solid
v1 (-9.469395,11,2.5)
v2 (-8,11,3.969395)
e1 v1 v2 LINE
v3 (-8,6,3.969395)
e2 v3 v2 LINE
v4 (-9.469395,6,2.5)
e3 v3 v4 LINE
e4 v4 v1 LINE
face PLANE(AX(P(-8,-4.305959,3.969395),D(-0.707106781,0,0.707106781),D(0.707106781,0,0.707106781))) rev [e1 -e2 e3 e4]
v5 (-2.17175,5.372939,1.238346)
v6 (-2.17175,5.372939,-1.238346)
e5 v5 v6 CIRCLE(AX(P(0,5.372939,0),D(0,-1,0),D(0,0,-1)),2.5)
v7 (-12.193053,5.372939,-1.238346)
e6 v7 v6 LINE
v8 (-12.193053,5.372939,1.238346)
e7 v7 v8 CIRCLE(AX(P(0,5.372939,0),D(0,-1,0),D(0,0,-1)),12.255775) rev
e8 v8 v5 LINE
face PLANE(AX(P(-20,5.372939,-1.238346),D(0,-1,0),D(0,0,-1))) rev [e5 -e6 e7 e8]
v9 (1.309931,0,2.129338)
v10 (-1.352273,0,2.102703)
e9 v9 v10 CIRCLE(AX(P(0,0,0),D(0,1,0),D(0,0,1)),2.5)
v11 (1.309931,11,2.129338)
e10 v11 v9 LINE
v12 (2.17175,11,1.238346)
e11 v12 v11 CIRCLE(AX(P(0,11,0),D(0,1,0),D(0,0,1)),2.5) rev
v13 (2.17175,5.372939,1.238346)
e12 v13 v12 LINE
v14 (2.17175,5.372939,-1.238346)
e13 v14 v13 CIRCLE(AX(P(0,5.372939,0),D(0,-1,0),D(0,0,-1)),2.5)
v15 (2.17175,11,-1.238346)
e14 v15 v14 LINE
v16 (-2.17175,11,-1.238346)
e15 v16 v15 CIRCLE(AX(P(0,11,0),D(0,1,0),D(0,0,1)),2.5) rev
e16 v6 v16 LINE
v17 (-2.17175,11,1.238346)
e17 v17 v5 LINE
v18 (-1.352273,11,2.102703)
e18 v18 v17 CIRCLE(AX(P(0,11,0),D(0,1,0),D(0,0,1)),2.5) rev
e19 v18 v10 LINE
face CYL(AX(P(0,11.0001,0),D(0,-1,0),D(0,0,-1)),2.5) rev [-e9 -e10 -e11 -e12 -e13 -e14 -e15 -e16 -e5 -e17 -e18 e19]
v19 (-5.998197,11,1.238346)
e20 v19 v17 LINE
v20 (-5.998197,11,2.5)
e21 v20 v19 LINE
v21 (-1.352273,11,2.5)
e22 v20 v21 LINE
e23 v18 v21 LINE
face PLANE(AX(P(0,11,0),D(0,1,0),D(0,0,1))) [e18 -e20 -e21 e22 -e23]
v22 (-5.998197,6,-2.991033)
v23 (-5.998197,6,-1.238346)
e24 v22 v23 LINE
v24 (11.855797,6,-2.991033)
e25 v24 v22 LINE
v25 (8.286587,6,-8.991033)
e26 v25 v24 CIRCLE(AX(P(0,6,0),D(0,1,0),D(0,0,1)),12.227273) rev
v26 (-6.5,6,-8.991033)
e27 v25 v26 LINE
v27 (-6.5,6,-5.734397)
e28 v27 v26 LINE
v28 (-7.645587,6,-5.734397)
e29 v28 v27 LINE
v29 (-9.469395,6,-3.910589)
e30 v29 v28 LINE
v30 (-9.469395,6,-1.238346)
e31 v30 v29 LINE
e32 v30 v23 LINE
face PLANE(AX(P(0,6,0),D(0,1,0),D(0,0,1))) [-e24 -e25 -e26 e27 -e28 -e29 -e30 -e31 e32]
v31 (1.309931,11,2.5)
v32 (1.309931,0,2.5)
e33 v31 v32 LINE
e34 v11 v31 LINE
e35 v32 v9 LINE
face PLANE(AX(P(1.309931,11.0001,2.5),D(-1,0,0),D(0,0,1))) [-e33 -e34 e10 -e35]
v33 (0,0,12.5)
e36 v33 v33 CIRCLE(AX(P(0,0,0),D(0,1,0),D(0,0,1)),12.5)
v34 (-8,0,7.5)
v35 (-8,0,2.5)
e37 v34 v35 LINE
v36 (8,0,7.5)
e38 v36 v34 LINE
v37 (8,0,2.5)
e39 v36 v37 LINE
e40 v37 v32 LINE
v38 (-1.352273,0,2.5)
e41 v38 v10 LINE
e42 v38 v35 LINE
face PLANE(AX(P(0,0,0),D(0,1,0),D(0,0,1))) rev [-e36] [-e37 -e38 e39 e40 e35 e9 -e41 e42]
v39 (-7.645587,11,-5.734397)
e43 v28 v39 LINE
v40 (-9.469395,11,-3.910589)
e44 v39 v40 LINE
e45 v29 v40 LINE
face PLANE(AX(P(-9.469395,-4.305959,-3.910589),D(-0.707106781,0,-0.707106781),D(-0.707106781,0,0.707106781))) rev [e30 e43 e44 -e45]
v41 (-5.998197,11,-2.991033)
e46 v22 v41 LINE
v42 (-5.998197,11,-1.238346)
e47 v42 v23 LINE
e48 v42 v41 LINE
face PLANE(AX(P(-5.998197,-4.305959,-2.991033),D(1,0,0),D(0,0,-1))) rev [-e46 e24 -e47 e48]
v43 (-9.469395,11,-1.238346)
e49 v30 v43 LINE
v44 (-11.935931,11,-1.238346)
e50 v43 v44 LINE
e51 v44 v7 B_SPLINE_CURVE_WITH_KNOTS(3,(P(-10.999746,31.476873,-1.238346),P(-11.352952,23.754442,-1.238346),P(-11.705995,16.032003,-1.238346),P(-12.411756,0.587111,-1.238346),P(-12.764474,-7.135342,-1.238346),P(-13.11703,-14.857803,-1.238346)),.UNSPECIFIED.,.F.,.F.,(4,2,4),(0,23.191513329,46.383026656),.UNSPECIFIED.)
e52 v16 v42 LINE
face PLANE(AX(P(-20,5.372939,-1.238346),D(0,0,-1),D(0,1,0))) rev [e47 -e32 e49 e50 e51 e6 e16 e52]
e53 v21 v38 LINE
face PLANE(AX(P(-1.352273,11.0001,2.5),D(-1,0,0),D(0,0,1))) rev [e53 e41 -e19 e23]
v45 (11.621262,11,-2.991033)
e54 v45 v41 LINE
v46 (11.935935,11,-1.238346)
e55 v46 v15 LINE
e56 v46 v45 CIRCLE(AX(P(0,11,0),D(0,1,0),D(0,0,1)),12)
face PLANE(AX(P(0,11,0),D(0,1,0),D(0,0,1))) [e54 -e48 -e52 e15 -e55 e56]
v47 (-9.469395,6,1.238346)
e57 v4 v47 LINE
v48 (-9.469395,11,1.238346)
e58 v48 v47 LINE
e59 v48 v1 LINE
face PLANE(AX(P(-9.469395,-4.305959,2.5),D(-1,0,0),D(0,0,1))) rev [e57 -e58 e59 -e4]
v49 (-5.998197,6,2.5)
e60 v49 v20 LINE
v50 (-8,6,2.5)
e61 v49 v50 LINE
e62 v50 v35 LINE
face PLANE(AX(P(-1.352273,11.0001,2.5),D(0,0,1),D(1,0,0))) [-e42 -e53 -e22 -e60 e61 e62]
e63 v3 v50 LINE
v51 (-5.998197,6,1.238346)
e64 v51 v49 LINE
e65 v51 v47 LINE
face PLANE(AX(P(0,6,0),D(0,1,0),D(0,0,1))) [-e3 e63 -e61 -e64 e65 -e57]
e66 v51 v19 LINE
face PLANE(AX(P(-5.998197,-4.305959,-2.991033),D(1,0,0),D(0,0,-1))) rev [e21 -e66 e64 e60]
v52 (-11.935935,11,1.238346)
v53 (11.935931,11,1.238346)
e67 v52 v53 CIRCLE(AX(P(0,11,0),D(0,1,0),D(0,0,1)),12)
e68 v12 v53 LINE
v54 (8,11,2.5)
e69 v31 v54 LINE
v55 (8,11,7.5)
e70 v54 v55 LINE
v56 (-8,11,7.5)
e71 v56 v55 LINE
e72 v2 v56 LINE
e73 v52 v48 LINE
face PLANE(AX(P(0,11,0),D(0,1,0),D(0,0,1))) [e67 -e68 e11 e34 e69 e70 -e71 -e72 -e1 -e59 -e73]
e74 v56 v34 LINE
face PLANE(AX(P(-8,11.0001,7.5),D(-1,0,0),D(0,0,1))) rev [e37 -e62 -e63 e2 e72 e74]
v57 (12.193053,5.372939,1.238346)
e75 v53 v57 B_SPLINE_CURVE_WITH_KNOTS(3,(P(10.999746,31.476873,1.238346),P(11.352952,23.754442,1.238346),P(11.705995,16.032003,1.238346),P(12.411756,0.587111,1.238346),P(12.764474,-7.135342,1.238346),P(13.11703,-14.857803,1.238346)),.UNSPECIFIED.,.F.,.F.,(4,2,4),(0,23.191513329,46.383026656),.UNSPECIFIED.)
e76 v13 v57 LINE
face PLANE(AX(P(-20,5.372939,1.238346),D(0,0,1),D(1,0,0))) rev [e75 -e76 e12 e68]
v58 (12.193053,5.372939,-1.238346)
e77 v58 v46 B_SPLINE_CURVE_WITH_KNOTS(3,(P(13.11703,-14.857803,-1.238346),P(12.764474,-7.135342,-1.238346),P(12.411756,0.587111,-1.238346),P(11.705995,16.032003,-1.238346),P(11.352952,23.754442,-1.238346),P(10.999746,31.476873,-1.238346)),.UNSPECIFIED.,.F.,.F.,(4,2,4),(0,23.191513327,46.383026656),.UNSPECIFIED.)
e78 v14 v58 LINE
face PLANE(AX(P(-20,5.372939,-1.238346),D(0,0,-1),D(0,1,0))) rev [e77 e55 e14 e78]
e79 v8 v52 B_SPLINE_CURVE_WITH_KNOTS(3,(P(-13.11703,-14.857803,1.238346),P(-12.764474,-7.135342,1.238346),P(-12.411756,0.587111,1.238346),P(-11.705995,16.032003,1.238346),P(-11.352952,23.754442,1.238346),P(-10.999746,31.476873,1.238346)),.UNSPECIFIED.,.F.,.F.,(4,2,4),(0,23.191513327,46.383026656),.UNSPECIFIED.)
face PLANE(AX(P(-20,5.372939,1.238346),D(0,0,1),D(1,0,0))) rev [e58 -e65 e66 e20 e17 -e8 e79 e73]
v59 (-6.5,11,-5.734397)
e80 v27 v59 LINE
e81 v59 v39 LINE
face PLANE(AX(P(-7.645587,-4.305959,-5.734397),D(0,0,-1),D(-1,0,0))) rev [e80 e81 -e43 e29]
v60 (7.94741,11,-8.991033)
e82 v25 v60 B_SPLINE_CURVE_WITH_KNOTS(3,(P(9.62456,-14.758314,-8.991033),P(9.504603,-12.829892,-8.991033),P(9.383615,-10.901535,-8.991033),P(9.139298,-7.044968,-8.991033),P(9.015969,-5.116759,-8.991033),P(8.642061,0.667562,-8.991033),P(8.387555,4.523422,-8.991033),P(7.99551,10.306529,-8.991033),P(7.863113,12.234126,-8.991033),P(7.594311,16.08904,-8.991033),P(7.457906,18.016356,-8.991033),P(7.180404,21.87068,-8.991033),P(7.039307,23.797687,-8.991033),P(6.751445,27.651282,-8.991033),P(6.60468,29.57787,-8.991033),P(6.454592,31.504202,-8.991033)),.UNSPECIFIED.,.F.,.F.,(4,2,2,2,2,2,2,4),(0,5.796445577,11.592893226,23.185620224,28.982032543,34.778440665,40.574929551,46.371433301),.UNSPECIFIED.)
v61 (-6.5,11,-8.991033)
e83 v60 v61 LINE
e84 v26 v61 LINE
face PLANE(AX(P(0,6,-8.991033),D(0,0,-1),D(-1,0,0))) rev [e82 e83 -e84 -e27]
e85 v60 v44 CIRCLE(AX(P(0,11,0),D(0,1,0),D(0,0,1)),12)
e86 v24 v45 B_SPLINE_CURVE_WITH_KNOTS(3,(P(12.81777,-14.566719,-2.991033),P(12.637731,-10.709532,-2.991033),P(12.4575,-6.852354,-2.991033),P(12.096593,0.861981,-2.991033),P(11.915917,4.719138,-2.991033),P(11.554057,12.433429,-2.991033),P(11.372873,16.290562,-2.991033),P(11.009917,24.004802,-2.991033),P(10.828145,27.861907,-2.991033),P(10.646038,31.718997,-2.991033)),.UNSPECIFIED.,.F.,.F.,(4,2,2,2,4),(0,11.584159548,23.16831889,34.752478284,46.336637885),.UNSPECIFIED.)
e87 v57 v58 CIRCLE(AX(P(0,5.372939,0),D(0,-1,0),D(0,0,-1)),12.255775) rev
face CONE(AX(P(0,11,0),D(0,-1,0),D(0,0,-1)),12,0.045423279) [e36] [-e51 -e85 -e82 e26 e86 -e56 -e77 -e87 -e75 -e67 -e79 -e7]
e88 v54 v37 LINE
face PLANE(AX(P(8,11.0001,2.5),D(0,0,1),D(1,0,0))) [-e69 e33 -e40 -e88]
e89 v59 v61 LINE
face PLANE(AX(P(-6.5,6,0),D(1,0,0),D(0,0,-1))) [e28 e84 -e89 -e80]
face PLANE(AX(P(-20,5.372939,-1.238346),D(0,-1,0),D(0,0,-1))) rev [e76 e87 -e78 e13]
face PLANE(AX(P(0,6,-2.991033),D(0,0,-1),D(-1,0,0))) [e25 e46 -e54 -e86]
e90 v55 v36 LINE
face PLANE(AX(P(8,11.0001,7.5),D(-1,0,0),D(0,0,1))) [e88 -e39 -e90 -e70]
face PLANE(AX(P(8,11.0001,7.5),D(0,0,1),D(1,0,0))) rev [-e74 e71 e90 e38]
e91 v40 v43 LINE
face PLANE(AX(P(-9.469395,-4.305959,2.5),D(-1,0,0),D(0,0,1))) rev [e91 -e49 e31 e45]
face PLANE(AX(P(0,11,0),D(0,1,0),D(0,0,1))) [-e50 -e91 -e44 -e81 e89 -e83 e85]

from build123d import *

# Parameters (mm, degrees)
SKETCH_2_R          = 12
SKETCH_1_R          = 12.5
CUT_EXTRUDE_1_DEPTH = 12.0000001
SKETCH_5_W          = 13
SKETCH_5_H          = 6
CUT_EXTRUDE_2_DEPTH = 5
SKETCH_6_W          = 2.476692414
SKETCH_6_H          = 6.83521307
CUT_EXTRUDE_3_DEPTH = 20
CUT_EXTRUDE_4_DEPTH = 5


with BuildPart() as part:
    # 草图2 → 放样1 section 0
    with BuildSketch(Plane(origin=(0, 11, 0), x_dir=(1, 0, 0), z_dir=(0, 1, 0))):
        Circle(SKETCH_2_R)
    # 草图1 → 放样1 section 1
    with BuildSketch(Plane(origin=(0, 0, 0), x_dir=(1, 0, 0), z_dir=(0, 1, 0))):
        Circle(SKETCH_1_R)
    loft()

    # 草图4 → 切除-拉伸1 (cut, through all)
    with BuildSketch(Plane(origin=(0, 0, 0), x_dir=(1, 0, 0), z_dir=(0, 1, 0))):
        with BuildLine():
            Line((-1.352272566, -2.5), (-1.352272566, -2.102702762))
            ThreePointArc((-1.352272566, -2.102702762), (0.025010963, 2.499874887), (1.309931483, -2.12933781))
            Line((1.309931483, -2.12933781), (1.309931483, -2.5))
            Line((1.309931483, -2.5), (8, -2.5))
            Line((8, -2.5), (8, -7.5))
            Line((8, -7.5), (-8, -7.5))
            Line((-8, -7.5), (-8, -2.5))
            Line((-8, -2.5), (-1.352272566, -2.5))
        make_face()
    extrude(amount=CUT_EXTRUDE_1_DEPTH, mode=Mode.SUBTRACT)

    # 草图5 → 切除-拉伸2 (cut)
    with BuildSketch(Plane(origin=(0, 11, 0), x_dir=(1, 0, 0), z_dir=(0, 1, 0))):
        with Locations((0, 5.991032562)):
            Rectangle(SKETCH_5_W, SKETCH_5_H)
        with BuildLine():
            Line((7.947410488, 8.991032562), (6.5, 8.991032562))
            Line((6.5, 8.991032562), (6.5, 2.991032562))
            Line((6.5, 2.991032562), (11.621261731, 2.991032562))
            ThreePointArc((11.621261731, 2.991032562), (10.233925596, 6.266320045), (7.947410488, 8.991032562))
        make_face()
        with BuildLine():
            Line((15.348611284, 8.991032562), (7.947410488, 8.991032562))
            ThreePointArc((7.947410488, 8.991032562), (10.233925596, 6.266320045), (11.621261731, 2.991032562))
            Line((11.621261731, 2.991032562), (15.348611284, 2.991032562))
            Line((15.348611284, 2.991032562), (15.348611284, 8.991032562))
        make_face()
    extrude(amount=-CUT_EXTRUDE_2_DEPTH, mode=Mode.SUBTRACT)

    # 草图6 → 切除-拉伸3 (cut, symmetric)
    with BuildSketch(Plane(origin=(0, 0, 0), x_dir=(0, 0, -1), z_dir=(1, 0, 0))):
        with Locations((0, 8.790545757)):
            Rectangle(SKETCH_6_W, SKETCH_6_H)
    extrude(amount=CUT_EXTRUDE_3_DEPTH, both=True, mode=Mode.SUBTRACT)

    # 草图7 → 切除-拉伸4 (cut)
    with BuildSketch(Plane(origin=(0, 11, 0), x_dir=(1, 0, 0), z_dir=(0, 1, 0))):
        Polygon((-5.998196858, 2.991032562), (-5.998196858, -3.96939498), (-8, -3.96939498), (-9.46939498, -2.5), (-9.46939498, 3.910589128), (-7.645587141, 5.734396966), (-6.5, 5.734396966), align=None)
    extrude(amount=-CUT_EXTRUDE_4_DEPTH, mode=Mode.SUBTRACT)


solid = part.part
